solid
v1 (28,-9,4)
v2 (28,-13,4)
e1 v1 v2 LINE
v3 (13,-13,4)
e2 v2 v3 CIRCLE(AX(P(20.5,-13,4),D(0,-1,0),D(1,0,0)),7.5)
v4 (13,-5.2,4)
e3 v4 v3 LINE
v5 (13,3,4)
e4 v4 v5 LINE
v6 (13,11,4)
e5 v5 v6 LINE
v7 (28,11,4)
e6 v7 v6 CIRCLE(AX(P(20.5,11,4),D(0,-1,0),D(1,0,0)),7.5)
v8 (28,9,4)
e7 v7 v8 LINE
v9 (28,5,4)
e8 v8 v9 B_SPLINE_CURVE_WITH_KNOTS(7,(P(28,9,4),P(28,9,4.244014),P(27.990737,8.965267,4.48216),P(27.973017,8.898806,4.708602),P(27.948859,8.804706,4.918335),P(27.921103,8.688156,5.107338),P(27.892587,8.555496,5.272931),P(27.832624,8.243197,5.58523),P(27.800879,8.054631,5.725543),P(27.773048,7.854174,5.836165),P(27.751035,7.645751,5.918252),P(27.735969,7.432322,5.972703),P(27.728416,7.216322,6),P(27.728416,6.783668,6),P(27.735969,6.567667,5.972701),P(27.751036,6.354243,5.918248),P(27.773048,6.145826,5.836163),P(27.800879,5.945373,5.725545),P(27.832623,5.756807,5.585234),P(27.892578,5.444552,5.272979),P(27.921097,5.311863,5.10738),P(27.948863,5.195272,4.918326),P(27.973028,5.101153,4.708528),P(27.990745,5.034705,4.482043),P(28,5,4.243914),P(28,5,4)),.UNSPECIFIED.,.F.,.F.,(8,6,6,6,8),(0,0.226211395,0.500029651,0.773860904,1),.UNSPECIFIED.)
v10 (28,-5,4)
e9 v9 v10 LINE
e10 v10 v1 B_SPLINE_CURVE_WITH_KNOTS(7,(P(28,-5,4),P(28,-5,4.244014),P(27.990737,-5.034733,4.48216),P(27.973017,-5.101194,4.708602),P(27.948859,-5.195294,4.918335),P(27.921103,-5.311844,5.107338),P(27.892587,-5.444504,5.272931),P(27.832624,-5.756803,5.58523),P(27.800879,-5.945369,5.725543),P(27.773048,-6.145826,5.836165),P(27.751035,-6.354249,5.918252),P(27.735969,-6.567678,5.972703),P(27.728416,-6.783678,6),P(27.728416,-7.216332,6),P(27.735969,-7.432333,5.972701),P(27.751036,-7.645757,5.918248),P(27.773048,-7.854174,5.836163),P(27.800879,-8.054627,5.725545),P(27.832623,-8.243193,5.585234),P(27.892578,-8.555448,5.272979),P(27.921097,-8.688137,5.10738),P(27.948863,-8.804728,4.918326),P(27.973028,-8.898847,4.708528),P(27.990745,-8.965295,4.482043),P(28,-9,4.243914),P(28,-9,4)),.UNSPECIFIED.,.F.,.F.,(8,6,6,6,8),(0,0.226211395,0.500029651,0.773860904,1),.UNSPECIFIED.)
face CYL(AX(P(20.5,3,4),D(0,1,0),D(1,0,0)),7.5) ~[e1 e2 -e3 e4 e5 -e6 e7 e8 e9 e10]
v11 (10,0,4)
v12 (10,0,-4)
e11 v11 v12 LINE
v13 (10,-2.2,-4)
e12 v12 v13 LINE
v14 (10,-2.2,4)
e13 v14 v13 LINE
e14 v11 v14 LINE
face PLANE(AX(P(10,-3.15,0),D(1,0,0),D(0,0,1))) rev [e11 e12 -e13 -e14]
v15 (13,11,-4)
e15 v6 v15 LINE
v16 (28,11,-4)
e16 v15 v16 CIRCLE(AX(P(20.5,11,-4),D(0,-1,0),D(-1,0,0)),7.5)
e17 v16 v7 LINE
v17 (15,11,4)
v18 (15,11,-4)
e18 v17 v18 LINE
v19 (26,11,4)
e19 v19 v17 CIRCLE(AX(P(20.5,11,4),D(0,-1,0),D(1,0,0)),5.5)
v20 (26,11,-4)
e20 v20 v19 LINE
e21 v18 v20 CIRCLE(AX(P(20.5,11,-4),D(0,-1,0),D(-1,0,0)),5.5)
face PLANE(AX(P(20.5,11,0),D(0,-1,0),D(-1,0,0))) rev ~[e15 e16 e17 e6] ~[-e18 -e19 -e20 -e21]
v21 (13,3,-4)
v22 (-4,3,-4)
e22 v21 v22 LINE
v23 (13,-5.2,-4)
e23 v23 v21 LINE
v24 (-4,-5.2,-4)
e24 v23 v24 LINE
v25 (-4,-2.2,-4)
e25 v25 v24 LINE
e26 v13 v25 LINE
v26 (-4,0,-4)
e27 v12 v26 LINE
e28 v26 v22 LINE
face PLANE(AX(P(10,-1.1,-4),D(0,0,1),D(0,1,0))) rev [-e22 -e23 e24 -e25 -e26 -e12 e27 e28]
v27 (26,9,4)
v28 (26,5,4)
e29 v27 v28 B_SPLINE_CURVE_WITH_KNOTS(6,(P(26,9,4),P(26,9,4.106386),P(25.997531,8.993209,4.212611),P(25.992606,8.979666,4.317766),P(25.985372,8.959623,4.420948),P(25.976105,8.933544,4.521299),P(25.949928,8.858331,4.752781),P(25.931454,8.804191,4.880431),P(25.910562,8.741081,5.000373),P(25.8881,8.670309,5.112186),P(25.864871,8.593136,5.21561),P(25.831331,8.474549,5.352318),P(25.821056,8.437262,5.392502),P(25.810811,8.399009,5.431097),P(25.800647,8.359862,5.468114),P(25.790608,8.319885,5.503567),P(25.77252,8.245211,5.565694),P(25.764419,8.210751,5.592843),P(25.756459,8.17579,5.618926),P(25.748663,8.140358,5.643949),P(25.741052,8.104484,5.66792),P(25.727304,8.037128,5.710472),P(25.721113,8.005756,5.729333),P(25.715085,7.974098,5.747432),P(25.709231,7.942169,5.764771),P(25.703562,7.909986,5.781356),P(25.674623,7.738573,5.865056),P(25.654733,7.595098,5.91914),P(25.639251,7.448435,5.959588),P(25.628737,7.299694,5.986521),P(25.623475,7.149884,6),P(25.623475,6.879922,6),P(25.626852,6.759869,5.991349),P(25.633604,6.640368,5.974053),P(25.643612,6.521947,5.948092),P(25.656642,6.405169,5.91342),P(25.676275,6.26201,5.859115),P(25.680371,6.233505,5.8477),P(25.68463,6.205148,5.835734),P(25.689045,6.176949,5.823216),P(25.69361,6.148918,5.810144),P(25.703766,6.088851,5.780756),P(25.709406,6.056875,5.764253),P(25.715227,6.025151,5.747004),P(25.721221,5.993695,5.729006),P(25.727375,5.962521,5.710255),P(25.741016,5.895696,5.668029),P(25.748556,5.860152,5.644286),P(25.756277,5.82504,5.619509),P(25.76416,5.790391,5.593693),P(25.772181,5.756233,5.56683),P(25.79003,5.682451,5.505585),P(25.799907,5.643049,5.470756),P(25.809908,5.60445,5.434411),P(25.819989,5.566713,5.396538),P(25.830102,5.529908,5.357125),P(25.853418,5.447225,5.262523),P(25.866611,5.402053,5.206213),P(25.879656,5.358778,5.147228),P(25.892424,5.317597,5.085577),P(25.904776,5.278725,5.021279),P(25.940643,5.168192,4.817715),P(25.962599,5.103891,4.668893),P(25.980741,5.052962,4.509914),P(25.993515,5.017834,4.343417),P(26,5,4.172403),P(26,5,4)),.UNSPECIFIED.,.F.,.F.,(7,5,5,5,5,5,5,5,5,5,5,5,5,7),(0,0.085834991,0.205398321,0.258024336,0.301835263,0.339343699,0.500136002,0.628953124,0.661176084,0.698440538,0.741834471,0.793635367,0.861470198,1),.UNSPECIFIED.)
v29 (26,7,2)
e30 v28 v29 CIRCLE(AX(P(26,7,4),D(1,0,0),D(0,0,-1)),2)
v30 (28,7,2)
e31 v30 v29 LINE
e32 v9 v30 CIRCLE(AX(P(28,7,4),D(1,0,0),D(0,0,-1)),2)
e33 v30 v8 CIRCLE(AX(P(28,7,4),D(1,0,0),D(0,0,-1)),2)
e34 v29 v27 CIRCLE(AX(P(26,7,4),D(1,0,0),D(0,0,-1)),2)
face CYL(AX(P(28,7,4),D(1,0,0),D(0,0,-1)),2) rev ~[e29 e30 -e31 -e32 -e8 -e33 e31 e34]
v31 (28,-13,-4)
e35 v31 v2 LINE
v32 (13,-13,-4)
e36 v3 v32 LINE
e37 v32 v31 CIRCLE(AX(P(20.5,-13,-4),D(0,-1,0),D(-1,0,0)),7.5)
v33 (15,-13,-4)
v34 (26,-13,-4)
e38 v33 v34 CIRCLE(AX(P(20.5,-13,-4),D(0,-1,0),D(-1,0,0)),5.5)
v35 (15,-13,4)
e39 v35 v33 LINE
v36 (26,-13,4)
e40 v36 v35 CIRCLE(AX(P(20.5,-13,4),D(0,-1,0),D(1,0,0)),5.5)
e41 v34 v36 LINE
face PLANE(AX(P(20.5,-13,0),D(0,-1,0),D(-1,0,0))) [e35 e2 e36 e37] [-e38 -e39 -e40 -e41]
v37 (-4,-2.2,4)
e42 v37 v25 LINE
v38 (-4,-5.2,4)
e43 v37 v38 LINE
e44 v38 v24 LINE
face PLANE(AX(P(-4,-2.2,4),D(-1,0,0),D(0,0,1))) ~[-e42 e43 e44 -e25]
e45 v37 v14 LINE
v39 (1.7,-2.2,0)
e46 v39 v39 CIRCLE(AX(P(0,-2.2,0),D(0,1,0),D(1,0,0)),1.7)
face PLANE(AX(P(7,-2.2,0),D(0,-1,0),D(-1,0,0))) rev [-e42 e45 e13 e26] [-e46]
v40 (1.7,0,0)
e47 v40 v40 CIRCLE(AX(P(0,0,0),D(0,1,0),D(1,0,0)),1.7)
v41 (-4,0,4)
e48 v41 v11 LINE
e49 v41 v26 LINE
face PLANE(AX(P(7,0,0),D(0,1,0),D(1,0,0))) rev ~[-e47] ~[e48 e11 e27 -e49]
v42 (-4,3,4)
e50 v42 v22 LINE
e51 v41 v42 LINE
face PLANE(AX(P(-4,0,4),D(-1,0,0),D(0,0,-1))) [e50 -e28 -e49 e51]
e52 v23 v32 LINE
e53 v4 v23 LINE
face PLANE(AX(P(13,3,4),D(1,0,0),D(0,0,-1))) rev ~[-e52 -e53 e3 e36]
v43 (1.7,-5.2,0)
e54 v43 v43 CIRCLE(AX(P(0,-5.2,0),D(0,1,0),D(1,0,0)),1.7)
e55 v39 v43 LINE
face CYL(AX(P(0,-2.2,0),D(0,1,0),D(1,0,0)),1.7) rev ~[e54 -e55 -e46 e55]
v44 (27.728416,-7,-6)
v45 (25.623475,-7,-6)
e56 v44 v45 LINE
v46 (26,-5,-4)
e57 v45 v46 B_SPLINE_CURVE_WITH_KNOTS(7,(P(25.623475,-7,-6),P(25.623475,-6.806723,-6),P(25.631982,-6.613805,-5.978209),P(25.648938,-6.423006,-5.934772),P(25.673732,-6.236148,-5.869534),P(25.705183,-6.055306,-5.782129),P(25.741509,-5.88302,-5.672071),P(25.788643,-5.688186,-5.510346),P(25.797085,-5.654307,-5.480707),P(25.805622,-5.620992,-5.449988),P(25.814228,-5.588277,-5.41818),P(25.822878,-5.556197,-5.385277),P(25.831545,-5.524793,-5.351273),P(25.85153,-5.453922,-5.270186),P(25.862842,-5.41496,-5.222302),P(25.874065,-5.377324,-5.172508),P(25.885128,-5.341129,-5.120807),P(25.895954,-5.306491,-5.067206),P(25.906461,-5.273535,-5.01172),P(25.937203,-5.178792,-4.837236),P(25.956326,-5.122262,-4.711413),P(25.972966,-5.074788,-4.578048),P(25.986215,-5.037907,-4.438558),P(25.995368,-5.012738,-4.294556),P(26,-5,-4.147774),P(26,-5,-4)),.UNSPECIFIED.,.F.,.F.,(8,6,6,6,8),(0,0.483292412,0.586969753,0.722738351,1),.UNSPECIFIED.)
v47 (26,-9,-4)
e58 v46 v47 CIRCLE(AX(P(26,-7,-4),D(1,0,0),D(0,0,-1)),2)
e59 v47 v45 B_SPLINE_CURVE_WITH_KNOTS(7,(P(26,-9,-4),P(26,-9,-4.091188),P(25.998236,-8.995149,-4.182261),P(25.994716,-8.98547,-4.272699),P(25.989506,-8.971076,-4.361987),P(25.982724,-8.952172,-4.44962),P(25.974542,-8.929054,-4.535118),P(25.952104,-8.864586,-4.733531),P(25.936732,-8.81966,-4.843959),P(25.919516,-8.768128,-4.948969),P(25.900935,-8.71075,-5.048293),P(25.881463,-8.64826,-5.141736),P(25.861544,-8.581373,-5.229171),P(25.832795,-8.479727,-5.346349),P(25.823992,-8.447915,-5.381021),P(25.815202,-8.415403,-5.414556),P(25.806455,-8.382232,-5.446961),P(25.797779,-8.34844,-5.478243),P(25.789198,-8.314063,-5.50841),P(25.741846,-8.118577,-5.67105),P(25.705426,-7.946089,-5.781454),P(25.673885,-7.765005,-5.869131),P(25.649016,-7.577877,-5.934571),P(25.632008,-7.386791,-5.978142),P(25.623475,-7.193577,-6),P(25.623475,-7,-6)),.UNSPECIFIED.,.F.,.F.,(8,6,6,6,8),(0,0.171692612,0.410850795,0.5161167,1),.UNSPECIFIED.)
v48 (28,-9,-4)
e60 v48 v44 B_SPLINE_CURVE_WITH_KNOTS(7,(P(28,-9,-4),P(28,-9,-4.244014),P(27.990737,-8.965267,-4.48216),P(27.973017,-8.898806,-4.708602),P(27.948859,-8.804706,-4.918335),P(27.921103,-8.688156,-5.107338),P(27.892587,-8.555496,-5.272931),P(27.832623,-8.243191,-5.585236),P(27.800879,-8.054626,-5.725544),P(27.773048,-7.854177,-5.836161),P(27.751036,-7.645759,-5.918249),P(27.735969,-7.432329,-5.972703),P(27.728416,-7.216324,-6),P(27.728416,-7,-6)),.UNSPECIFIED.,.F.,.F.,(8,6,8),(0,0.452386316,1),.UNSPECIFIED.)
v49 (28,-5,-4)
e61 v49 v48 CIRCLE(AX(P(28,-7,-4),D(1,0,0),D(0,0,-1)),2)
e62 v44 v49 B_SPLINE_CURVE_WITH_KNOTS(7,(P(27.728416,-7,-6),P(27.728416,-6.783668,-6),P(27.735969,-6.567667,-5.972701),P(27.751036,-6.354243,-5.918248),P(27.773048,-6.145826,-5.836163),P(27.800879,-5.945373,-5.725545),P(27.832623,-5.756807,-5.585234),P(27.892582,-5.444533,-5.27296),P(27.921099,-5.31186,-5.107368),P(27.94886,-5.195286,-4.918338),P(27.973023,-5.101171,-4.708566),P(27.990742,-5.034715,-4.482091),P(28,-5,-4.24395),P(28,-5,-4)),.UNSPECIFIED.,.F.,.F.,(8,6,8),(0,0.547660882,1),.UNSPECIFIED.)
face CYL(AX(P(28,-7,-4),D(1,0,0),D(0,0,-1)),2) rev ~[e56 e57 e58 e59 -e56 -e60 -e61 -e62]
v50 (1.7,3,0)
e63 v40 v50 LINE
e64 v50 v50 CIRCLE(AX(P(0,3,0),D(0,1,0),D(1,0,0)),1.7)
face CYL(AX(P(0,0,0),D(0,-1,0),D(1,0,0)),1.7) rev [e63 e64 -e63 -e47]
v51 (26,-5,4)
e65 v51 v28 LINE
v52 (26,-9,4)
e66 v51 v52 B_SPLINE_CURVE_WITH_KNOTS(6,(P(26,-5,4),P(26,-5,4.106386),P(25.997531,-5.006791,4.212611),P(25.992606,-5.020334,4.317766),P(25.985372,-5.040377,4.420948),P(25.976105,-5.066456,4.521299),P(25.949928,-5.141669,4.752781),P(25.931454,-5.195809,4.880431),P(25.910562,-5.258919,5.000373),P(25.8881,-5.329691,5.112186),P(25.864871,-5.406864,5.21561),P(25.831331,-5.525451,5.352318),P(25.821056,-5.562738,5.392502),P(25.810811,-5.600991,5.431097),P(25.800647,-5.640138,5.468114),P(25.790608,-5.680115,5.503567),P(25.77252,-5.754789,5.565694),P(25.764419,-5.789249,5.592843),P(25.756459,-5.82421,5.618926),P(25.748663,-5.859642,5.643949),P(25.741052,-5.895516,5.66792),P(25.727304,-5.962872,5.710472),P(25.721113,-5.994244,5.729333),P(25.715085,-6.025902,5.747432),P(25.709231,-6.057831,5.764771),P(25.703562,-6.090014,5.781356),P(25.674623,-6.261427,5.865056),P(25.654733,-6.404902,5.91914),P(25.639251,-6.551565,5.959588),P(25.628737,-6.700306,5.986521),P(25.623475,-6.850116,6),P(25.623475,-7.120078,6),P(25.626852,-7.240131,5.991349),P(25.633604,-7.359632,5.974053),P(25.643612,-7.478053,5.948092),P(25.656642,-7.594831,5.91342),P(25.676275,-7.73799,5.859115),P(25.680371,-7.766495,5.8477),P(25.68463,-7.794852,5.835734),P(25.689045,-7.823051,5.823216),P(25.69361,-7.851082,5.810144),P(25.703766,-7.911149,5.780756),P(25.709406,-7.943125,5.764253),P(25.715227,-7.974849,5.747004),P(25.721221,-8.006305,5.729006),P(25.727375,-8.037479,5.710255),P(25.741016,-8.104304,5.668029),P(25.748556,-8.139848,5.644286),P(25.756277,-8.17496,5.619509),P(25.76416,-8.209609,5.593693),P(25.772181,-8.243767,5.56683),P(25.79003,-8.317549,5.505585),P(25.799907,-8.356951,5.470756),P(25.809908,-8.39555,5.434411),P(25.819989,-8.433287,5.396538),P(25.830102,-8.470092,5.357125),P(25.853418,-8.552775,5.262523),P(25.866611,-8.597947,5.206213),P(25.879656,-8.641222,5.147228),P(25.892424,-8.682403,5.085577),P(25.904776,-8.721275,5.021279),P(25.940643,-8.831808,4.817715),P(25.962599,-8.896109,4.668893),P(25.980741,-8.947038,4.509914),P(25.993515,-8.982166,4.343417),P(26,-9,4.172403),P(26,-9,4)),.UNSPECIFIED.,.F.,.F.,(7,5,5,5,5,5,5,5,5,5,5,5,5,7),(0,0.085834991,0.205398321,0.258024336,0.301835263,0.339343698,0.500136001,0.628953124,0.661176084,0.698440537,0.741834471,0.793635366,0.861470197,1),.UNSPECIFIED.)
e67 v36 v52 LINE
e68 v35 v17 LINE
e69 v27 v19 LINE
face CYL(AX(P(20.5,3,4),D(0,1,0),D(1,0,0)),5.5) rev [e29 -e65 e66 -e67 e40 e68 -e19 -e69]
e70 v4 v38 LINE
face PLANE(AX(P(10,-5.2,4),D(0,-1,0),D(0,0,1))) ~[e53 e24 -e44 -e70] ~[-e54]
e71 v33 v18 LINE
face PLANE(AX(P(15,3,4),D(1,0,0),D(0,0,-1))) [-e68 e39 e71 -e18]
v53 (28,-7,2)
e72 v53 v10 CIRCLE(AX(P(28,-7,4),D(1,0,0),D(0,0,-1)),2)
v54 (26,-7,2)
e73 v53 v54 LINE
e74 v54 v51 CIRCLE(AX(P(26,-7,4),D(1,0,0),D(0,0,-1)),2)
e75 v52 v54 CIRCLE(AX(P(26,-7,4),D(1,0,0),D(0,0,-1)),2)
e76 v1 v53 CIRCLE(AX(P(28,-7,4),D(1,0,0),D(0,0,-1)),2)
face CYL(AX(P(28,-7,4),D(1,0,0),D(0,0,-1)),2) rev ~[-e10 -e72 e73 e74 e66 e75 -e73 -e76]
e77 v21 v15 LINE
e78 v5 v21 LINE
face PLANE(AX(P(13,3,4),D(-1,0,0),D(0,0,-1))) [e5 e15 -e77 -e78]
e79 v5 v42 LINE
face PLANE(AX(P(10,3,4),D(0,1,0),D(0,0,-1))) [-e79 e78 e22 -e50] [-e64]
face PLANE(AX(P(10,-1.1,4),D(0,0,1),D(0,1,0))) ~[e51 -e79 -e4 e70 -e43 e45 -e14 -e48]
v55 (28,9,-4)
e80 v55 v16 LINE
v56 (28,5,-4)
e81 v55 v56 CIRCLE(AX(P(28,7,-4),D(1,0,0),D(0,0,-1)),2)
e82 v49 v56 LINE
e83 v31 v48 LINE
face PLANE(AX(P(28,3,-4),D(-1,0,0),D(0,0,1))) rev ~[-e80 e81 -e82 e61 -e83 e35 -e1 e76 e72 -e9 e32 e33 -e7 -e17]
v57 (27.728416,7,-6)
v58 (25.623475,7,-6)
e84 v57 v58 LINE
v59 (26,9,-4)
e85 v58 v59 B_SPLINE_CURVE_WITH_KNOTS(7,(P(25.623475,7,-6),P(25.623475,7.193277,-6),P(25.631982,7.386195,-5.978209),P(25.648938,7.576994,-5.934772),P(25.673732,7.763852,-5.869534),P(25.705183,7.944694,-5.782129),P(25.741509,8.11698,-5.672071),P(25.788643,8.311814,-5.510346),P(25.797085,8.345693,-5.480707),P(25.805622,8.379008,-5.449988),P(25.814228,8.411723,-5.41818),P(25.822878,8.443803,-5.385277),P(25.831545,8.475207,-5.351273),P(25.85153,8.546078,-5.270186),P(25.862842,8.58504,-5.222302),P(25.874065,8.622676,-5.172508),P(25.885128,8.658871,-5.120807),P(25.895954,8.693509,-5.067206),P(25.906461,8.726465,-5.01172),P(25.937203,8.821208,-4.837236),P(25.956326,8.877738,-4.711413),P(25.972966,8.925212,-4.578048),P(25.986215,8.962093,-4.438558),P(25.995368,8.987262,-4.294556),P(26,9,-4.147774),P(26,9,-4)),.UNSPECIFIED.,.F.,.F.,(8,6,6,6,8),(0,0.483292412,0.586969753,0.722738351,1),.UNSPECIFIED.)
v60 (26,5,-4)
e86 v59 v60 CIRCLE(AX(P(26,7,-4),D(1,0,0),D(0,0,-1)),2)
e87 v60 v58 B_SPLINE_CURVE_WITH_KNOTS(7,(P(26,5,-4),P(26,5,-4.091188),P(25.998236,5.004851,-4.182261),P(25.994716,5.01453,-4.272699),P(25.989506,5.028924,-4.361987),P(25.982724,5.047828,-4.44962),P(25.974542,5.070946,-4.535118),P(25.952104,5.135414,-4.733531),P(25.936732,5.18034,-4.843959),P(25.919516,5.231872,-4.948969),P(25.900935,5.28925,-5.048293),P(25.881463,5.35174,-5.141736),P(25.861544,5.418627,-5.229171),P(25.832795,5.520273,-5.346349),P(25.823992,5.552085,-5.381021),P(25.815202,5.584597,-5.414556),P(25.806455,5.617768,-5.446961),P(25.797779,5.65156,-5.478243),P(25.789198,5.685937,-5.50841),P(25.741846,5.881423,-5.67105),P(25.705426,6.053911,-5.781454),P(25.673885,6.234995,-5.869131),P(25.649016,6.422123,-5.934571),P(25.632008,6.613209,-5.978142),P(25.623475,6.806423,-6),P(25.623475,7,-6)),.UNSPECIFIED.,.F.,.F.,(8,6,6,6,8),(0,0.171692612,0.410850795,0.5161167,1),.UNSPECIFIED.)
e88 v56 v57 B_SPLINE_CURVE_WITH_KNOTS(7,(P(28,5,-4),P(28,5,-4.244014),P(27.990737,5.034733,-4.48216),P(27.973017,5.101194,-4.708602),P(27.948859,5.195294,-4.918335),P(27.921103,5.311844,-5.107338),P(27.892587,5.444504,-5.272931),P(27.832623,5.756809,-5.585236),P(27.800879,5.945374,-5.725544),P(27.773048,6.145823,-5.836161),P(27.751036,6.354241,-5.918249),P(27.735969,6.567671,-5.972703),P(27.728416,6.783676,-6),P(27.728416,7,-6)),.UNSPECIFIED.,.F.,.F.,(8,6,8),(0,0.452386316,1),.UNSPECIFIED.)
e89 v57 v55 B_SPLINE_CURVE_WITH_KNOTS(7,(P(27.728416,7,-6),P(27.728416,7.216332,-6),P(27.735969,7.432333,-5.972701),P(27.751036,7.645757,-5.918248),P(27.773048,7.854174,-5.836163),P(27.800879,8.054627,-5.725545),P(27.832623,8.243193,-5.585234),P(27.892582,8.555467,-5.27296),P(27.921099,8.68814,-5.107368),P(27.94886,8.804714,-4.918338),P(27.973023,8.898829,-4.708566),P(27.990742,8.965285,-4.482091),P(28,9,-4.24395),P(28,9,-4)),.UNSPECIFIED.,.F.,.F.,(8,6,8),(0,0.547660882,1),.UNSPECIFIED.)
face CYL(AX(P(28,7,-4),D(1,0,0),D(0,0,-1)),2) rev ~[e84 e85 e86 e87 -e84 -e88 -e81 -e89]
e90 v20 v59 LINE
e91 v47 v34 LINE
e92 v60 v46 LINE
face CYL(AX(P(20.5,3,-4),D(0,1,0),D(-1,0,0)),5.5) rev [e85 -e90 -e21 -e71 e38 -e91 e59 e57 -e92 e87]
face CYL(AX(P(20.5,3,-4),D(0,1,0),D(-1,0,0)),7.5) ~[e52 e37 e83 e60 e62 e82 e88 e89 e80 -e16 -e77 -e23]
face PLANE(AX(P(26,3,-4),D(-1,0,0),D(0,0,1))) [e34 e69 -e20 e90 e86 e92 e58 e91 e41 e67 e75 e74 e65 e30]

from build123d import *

# Parameters (mm, degrees)
SKETCH1_W                = 6
SKETCH1_H                = 8
SKETCH1_W_2              = 8
SKETCH1_R                = 1.7
BOSS_EXTRUDE1_DEPTH      = 3
SKETCH2_W                = 8
SKETCH2_H                = 4.1
BOSS_EXTRUDE2_DEPTH      = 3
BOSS_EXTRUDE3_DEPTH      = 8
BOSS_EXTRUDE3_DEPTH_BACK = 16
SKETCH4_R                = 2
CUT_EXTRUDE1_DEPTH       = 8


with BuildPart() as part:
    # Sketch1 → Boss-Extrude1 (new body)
    with BuildSketch(Plane(origin=(0, 0, 0), x_dir=(1, 0, 0), z_dir=(0, 1, 0))):
        with Locations((7, 0)):
            Rectangle(SKETCH1_W, SKETCH1_H)
        Rectangle(SKETCH1_W_2, SKETCH1_H)
        Circle(SKETCH1_R, mode=Mode.SUBTRACT)
    extrude(amount=BOSS_EXTRUDE1_DEPTH)

    # Sketch2 → Boss-Extrude2 (add)
    with BuildSketch(Plane(origin=(10, 0, 0), x_dir=(0, 0, -1), z_dir=(1, 0, 0))):
        with Locations((0, 0.95)):
            Rectangle(SKETCH2_W, SKETCH2_H)
    extrude(amount=BOSS_EXTRUDE2_DEPTH)

    # Mirror1: part across plane


with BuildPart() as part_1:
    add(part.part)
    add(part.part.mirror(Plane(origin=(13, -1.1, 4), x_dir=(0, 0, 1), z_dir=(0, 1, 0))))

    # Sketch3 → Boss-Extrude3 (add, two sides)
    with BuildSketch(Plane(origin=(0, 3, 0), x_dir=(1, 0, 0), z_dir=(0, 1, 0))) as boss_extrude3_sk:
        with BuildLine():
            Line((28, 4), (28, -4))
            ThreePointArc((28, -4), (20.5, -11.5), (13, -4))
            Line((13, -4), (13, 4))
            ThreePointArc((13, 4), (20.5, 11.5), (28, 4))
        make_face()
        with BuildLine():
            Line((26, 4), (26, -4))
            ThreePointArc((26, -4), (20.5, -9.5), (15, -4))
            Line((15, -4), (15, 4))
            ThreePointArc((15, 4), (20.5, 9.5), (26, 4))
        make_face(mode=Mode.SUBTRACT)
    extrude(amount=BOSS_EXTRUDE3_DEPTH)
    extrude(boss_extrude3_sk.sketch, amount=-BOSS_EXTRUDE3_DEPTH_BACK)

    # Sketch4 → Cut-Extrude1 (cut)
    with BuildSketch(Plane(origin=(28, 0, 0), x_dir=(0, 0, -1), z_dir=(1, 0, 0))):
        with Locations((-4, 7)):
            Circle(SKETCH4_R)
        with Locations((4, 7)):
            Circle(SKETCH4_R)
        with Locations((4, -7)):
            Circle(SKETCH4_R)
        with Locations((-4, -7)):
            Circle(SKETCH4_R)
    extrude(amount=-CUT_EXTRUDE1_DEPTH, mode=Mode.SUBTRACT)


solid = part_1.part
